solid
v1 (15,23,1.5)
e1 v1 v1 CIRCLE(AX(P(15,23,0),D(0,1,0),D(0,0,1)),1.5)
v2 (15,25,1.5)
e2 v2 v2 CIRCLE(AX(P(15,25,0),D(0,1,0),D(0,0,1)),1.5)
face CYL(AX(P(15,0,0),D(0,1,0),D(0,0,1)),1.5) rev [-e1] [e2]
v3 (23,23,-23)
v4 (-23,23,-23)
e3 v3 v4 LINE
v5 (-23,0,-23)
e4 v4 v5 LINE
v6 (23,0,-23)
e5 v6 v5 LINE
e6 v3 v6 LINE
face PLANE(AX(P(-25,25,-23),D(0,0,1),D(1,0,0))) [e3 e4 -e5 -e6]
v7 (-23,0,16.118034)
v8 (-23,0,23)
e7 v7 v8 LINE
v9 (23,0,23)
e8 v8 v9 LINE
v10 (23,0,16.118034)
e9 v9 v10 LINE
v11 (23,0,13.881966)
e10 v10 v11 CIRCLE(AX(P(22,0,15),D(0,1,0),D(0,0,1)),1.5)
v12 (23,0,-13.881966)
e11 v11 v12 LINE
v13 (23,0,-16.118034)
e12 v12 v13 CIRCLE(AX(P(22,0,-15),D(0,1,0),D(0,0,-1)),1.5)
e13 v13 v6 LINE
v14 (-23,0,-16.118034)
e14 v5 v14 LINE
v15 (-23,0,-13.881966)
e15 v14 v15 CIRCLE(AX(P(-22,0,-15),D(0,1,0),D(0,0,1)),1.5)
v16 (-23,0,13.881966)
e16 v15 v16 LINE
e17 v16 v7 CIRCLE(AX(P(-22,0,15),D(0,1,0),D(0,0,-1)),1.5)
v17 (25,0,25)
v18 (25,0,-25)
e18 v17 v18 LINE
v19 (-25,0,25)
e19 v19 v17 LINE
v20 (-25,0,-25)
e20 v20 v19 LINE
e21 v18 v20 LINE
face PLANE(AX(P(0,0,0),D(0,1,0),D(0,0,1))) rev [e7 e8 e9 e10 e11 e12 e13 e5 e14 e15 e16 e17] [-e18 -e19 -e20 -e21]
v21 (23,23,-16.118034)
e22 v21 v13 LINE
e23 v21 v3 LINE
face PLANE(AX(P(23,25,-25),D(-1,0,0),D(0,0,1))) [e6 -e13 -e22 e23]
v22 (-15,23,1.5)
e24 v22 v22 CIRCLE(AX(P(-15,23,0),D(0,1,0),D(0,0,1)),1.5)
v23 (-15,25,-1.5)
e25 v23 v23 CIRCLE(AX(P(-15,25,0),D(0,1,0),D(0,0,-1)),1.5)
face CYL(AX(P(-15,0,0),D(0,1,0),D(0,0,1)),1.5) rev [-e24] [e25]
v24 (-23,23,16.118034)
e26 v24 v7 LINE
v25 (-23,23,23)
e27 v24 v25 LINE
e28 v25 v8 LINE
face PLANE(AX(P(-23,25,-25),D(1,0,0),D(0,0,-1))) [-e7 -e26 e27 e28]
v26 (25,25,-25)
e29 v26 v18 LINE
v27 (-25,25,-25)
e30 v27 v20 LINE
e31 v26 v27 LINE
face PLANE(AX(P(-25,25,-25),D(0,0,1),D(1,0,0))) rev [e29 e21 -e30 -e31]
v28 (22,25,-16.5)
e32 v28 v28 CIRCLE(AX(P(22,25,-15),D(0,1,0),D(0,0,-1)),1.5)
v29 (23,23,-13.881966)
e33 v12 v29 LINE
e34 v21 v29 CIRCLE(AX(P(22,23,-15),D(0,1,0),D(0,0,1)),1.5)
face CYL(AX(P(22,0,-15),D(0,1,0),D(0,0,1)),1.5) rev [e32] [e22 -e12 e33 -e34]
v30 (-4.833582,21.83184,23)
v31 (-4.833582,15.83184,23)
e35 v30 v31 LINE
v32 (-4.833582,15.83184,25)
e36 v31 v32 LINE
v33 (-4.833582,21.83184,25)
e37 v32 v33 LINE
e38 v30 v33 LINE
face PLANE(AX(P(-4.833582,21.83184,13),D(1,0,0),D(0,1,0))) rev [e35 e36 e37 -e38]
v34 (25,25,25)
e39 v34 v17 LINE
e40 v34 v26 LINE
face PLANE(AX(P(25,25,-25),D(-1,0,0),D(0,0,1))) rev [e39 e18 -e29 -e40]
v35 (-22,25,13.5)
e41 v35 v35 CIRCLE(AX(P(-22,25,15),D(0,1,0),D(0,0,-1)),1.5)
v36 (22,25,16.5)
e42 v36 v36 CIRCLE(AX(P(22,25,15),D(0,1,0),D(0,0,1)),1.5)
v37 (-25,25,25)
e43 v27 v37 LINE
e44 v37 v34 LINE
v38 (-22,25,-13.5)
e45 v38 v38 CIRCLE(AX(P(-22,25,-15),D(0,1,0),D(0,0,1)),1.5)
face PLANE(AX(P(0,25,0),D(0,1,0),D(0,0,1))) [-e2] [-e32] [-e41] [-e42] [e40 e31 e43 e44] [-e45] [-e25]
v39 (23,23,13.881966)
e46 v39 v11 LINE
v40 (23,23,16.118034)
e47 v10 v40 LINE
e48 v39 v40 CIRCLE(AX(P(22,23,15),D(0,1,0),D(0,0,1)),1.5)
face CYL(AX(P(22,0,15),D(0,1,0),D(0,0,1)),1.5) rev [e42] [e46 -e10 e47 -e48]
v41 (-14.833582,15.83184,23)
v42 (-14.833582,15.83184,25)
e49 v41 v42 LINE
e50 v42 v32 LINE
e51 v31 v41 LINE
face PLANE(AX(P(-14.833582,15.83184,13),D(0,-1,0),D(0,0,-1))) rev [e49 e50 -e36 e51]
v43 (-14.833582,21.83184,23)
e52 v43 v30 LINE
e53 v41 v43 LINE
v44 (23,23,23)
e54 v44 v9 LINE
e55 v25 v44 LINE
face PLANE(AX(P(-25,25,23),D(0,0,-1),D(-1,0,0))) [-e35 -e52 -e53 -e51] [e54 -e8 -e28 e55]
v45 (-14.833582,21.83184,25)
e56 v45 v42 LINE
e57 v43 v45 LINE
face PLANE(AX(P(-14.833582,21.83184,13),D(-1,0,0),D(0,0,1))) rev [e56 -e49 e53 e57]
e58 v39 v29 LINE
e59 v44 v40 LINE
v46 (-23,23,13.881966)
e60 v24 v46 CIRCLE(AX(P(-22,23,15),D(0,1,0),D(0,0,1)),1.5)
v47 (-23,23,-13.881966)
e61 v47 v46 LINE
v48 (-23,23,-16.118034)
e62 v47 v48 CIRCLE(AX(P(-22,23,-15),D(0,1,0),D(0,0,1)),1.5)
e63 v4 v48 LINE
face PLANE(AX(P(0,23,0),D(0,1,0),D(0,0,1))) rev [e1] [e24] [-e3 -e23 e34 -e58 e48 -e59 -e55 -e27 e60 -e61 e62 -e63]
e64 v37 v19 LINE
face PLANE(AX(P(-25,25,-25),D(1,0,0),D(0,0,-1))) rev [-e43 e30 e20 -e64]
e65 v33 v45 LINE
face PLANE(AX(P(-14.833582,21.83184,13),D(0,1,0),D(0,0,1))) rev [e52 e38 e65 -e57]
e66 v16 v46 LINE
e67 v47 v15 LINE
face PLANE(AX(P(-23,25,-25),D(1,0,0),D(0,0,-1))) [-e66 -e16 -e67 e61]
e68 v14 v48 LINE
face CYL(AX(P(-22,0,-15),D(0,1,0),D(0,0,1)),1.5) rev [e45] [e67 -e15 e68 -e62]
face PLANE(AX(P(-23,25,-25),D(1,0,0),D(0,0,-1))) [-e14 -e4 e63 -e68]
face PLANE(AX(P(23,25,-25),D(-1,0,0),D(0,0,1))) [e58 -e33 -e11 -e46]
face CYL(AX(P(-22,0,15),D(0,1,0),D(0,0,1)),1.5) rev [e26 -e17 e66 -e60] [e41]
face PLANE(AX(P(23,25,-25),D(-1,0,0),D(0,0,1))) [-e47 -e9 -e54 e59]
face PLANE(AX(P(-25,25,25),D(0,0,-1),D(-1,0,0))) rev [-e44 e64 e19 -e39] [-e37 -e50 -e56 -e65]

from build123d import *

# Parameters (mm, degrees)
SKETCH1_W           = 50
SKETCH1_H           = 50
BOSS_EXTRUDE1_DEPTH = 25
SHELL1_T            = -2
SKETCH3_W           = 10
SKETCH3_H           = 6
CUT_EXTRUDE1_DEPTH  = 12
SKETCH2_R           = 1.5
CUT_EXTRUDE2_DEPTH  = 44.301270189


with BuildPart() as part:
    # Sketch1 → Boss-Extrude1 (new body)
    with BuildSketch(Plane(origin=(0, 0, 0), x_dir=(1, 0, 0), z_dir=(0, 1, 0))):
        Rectangle(SKETCH1_W, SKETCH1_H)
    extrude(amount=BOSS_EXTRUDE1_DEPTH)

    # Shell1
    shell1_openings = [part.faces().sort_by_distance(p)[0] for p in [
        (0, 0, 0),
    ]]
    offset(amount=SHELL1_T, openings=shell1_openings, kind=Kind.INTERSECTION)

    # Sketch3 → Cut-Extrude1 (cut)
    with BuildSketch(Plane.XY.offset(25)):
        with Locations((-9.833582111, 18.831840126)):
            Rectangle(SKETCH3_W, SKETCH3_H)
    extrude(amount=-CUT_EXTRUDE1_DEPTH, mode=Mode.SUBTRACT)

    # Sketch2 → Cut-Extrude2 (cut, through all)
    with BuildSketch(Plane(origin=(0, 25, 0), x_dir=(1, 0, 0), z_dir=(0, 1, 0))):
        with Locations(Location((15, 0, 0), (0, 0, 270))):
            Circle(SKETCH2_R)
        with Locations(Location((-15, 0, 0), (0, 0, 270))):
            Circle(SKETCH2_R)
        with Locations(Location((-22, 15, 0), (0, 0, 270))):
            Circle(SKETCH2_R)
        with Locations(Location((22, 15, 0), (0, 0, 311.810314896))):
            Circle(SKETCH2_R)
        with Locations(Location((22, -15, 0), (0, 0, 270))):
            Circle(SKETCH2_R)
        with Locations(Location((-22, -15, 0), (0, 0, 228.189685104))):
            Circle(SKETCH2_R)
    extrude(amount=-CUT_EXTRUDE2_DEPTH, mode=Mode.SUBTRACT)


solid = part.part
